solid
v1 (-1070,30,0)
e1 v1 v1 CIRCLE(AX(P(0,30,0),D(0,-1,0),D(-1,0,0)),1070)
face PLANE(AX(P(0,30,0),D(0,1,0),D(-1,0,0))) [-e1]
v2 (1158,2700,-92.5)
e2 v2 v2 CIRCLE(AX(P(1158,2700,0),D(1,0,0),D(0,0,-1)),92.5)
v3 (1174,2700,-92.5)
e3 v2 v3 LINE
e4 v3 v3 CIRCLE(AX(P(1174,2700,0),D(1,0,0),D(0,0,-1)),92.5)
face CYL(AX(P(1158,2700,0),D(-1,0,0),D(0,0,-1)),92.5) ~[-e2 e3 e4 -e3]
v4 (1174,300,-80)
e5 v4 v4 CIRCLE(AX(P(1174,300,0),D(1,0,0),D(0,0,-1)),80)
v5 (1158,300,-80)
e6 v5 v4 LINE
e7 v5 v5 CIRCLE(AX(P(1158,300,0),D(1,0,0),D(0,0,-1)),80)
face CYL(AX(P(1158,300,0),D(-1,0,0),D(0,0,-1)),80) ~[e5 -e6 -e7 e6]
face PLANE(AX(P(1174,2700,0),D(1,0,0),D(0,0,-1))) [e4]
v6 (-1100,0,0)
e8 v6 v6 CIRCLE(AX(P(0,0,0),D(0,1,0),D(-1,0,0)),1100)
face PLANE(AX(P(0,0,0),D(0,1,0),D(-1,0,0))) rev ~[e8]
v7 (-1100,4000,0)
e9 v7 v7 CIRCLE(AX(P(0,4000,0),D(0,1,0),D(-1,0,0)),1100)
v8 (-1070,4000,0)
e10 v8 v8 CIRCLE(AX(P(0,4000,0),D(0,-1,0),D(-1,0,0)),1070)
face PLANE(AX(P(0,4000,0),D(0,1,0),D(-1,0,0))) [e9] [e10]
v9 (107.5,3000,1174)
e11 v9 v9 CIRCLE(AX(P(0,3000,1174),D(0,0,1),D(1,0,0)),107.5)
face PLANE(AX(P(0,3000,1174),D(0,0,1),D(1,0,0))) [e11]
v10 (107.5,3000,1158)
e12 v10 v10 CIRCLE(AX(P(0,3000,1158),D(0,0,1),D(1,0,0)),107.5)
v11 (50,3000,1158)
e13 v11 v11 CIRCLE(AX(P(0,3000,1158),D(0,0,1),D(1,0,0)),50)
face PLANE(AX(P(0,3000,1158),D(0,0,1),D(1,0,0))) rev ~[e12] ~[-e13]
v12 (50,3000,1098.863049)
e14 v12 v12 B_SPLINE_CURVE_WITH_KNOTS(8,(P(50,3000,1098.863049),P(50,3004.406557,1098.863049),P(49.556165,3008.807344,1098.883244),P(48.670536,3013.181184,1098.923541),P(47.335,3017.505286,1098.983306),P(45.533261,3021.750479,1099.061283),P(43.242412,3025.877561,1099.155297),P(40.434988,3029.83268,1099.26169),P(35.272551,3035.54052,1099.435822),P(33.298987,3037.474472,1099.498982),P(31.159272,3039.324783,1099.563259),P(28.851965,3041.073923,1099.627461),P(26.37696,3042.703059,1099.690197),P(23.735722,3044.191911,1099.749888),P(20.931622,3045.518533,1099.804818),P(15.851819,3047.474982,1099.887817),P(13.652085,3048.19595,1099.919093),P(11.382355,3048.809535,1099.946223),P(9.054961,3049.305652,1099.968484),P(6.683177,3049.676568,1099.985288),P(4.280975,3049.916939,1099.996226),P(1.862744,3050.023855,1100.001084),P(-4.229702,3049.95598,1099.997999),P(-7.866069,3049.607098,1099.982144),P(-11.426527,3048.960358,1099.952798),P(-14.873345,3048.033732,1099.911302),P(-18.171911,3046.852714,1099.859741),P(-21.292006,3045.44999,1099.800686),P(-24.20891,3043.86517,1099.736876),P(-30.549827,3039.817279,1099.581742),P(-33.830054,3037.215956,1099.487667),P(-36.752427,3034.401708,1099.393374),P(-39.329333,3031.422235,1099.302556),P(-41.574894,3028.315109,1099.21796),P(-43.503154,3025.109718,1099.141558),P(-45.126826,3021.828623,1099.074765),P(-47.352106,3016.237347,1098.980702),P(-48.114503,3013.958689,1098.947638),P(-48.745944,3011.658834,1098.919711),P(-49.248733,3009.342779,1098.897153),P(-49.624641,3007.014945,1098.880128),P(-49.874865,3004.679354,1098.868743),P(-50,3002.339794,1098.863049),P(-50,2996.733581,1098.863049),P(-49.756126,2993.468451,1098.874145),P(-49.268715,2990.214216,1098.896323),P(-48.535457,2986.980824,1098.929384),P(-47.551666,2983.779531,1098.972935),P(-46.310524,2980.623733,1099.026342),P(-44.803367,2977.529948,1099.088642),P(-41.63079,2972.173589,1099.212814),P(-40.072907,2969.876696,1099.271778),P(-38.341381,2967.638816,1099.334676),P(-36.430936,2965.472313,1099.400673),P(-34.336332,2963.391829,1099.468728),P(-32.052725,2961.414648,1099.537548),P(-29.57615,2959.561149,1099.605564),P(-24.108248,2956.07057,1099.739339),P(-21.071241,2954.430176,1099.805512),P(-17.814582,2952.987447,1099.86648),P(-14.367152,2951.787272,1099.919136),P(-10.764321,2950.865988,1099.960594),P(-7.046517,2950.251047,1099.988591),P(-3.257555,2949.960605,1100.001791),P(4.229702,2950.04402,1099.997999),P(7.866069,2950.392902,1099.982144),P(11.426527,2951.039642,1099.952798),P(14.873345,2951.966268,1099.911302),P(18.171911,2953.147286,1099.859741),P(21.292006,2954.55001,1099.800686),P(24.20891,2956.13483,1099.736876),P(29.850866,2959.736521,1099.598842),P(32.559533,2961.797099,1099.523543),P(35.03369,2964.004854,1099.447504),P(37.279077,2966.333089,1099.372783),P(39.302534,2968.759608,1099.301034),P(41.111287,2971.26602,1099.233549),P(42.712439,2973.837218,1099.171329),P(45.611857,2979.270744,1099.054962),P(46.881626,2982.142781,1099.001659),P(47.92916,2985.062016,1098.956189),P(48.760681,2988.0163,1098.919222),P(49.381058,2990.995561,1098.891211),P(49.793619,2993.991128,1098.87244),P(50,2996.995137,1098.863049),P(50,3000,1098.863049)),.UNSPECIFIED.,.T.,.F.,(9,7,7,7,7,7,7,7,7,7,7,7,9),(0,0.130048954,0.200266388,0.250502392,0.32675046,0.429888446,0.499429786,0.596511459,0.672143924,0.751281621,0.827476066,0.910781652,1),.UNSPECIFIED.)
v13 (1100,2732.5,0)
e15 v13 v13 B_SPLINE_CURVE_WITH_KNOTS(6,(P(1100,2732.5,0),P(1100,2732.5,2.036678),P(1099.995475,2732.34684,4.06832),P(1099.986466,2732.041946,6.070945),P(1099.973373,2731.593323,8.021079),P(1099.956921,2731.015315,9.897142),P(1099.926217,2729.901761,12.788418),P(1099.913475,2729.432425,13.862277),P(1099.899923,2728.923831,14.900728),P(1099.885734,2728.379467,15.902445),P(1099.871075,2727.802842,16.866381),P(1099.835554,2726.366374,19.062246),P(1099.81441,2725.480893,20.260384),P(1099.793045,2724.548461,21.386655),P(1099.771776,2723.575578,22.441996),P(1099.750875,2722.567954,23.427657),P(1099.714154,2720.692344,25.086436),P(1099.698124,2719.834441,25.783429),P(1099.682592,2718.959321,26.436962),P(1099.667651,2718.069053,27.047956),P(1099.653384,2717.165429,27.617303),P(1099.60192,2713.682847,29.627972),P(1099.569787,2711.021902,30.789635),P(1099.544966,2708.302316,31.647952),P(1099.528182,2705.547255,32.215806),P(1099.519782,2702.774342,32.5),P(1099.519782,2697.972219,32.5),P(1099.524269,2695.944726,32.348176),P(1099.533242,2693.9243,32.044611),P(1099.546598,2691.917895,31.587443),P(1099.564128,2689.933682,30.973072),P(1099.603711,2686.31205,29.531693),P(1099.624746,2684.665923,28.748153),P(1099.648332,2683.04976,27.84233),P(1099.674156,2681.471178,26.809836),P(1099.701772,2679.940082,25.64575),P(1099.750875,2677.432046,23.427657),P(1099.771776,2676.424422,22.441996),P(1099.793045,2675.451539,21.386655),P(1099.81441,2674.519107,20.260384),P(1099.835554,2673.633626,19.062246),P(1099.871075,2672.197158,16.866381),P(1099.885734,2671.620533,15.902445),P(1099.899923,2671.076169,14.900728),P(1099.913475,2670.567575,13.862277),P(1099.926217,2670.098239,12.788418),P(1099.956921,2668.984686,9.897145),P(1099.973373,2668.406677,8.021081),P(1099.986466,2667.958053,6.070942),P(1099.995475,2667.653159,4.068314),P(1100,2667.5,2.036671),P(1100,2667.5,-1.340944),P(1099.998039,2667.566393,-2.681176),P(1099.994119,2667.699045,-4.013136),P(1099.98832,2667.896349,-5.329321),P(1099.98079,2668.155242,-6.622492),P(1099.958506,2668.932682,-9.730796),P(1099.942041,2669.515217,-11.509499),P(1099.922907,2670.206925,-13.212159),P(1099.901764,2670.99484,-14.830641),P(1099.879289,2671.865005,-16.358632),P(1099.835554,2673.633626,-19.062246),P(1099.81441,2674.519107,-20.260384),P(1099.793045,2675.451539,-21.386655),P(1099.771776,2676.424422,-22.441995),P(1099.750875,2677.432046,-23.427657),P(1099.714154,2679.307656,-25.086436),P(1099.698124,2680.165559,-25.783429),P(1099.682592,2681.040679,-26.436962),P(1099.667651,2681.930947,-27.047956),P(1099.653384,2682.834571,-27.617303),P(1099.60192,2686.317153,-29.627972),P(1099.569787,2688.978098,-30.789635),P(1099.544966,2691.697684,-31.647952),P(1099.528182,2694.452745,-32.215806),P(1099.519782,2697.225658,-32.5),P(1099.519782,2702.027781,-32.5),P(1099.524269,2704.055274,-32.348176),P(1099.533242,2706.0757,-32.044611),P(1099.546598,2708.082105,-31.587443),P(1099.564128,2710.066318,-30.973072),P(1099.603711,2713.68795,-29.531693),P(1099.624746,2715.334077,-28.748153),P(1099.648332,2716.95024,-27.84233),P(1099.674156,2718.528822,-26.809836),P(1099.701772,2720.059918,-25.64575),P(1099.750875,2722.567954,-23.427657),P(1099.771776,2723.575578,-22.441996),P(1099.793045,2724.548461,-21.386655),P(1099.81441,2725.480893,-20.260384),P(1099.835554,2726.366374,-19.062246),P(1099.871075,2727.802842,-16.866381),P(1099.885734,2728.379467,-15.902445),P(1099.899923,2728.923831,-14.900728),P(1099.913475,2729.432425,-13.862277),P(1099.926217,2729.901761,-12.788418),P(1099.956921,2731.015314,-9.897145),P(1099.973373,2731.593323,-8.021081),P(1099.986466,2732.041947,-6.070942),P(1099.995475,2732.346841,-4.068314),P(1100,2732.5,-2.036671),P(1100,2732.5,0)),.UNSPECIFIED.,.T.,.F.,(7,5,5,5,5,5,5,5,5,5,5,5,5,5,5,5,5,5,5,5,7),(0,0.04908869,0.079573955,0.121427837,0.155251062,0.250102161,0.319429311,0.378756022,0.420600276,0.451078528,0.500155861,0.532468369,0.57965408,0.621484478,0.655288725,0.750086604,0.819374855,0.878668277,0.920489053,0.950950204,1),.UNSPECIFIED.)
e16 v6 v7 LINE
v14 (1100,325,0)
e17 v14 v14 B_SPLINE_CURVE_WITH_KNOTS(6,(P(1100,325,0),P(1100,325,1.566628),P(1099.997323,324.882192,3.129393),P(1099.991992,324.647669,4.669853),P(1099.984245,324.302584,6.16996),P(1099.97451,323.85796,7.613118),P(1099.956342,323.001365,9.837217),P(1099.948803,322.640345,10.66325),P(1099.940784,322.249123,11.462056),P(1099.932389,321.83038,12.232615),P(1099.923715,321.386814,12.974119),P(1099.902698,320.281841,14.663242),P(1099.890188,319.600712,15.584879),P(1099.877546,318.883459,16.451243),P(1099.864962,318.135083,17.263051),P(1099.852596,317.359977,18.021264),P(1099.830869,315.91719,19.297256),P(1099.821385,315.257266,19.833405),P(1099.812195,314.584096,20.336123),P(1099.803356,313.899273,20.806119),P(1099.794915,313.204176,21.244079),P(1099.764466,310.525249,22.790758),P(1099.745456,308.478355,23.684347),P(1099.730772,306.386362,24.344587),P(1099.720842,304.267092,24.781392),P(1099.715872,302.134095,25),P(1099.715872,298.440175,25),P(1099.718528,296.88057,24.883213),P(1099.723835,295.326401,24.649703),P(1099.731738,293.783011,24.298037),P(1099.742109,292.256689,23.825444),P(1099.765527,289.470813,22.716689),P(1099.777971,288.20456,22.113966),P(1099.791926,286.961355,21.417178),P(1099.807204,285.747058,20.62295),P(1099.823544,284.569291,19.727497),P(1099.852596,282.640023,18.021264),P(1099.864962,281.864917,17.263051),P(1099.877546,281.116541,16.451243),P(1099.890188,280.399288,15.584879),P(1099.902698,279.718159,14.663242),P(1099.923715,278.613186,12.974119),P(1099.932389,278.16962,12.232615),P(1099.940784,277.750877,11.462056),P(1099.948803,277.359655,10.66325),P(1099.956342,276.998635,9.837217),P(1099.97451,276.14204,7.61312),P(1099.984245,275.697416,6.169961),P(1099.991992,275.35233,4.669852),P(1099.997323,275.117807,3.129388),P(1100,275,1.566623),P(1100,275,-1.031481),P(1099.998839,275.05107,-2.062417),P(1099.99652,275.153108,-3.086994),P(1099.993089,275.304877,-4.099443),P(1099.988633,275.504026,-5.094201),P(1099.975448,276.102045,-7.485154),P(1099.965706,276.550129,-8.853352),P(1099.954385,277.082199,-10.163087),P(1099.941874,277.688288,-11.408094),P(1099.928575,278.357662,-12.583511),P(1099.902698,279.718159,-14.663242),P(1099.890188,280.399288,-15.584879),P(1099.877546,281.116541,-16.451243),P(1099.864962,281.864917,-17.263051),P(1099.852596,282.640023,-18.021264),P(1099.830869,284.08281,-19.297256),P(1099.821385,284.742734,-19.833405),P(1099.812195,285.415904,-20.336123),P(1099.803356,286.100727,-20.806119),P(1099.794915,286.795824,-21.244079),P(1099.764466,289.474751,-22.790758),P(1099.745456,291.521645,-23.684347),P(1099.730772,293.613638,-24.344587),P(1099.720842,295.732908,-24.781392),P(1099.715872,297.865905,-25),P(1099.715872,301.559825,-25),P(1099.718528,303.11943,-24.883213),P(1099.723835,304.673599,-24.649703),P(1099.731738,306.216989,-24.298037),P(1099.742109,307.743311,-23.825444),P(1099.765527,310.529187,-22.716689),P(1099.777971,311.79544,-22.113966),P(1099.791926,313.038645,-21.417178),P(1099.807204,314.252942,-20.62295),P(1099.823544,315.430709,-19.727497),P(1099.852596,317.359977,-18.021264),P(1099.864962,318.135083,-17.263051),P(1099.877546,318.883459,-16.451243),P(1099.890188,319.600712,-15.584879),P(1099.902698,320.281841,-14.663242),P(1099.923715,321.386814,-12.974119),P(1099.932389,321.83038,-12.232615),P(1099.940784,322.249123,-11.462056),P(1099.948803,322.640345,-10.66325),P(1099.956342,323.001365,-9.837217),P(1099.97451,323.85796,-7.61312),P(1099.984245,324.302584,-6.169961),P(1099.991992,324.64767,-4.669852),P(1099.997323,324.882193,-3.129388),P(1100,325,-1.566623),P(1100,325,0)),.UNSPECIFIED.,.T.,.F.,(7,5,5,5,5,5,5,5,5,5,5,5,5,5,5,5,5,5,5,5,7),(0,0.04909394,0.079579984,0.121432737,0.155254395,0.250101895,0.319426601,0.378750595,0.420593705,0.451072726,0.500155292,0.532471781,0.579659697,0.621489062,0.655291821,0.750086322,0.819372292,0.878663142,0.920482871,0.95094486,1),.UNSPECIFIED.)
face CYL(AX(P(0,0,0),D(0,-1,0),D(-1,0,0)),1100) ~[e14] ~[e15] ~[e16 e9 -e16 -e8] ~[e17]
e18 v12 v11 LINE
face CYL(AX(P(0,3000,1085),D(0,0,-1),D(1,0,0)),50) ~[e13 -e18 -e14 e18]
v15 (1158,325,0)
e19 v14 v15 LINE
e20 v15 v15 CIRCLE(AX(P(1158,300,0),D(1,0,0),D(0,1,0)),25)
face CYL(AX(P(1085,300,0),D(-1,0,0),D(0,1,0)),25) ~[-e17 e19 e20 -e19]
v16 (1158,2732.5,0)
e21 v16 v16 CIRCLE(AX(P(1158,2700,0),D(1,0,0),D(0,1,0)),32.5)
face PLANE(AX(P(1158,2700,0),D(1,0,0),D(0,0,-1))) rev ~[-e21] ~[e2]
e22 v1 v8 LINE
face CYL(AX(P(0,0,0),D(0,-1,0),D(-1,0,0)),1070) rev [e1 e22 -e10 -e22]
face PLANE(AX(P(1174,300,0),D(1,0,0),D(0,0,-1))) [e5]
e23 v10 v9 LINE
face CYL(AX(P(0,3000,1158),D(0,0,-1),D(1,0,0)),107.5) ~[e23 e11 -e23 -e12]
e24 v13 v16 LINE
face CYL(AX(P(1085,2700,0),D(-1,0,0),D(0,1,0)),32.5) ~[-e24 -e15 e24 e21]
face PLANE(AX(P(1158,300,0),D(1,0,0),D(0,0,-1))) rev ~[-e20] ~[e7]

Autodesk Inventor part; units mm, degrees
ref_plane "XZ Plane" through (0, 0, 0) normal (0, 1, 0) x (-1, 0, 0)
sketch "Sketch1" plane through (0, 0, 0) normal (0, 1, 0) x (-1, 0, 0)
  circle A0 centre (0, 0) radius 1100
  dimension "d0" = 2200
extrude "Extrusion1" add sketch "Sketch1" along normal blind 4000
shell "Shell1" thickness 30 removed faces 1 at (308.7984, 4000, -93.6109)
ref_plane "Work Plane1" through (0, 0, 1085) normal (0, 0, 1) x (1, 0, 0)
sketch "Sketch2" plane through (0, 0, 1085) normal (0, 0, 1) x (1, 0, 0)
  circle A0 centre (0, 3000) radius 50
  line L0 (1100, 0) -> (-1100, 0) projected
  point P0 (0, 0)
  point P1 (0, 0)
  dimension "d5" = 100
  dimension "d7" = 3000
extrude "Extrusion2" add sketch "Sketch2" along normal blind 73
ref_plane "Work Plane3" through (1085, 0, 0) normal (1, 0, 0) x (0, 1, 0)
sketch "Sketch5" plane through (1085, 0, 0) normal (1, 0, 0) x (0, 1, 0)
  circle A0 centre (2700, 0) radius 32.5
  point P0 (0, 0)
  dimension "d17" = 65
  dimension "d18" = 2700
extrude "Extrusion4" add sketch "Sketch5" along normal blind 73
sketch "Sketch12" plane through (1085, 0, 0) normal (1, 0, 0) x (0, 1, 0)
  circle A0 centre (300, 0) radius 25
  point P0 (0, 0)
  dimension "d30" = 50
  dimension "d31" = 300
extrude "Extrusion8" add sketch "Sketch12" along normal blind 73
sketch "Sketch8" plane through (0, 3000, 1158) normal (0, 0, 1) x (1, 0, 0)
  circle A0 centre (0, 0) radius 50 projected
  circle A1 centre (0, 0) radius 107.5
  point P0 (0, -3000)
  dimension "d27" = 215
extrude "Extrusion7" add sketch "Sketch8" along normal blind 16 contours A0 | A1
sketch "Sketch6" plane through (1158, 2700, 0) normal (1, 0, 0) x (0, 0, -1)
  circle A0 centre (0, 0) radius 92.5
  circle A1 centre (0, 0) radius 32.5 projected
  point P0 (0, -2700)
  dimension "d21" = 185
extrude "Extrusion5" add sketch "Sketch6" along normal blind 16 contours A0 | A1
sketch "Sketch13" plane through (1158, 300, 0) normal (1, 0, 0) x (0, 0, -1)
  circle A0 centre (0, 0) radius 25 projected
  circle A1 centre (0, 0) radius 80
  point P0 (0, -300)
  dimension "d34" = 160
extrude "Extrusion9" add sketch "Sketch13" along normal blind 16 contours A0 | A1
properties part number "Резервуар сбора осветленной воды"
